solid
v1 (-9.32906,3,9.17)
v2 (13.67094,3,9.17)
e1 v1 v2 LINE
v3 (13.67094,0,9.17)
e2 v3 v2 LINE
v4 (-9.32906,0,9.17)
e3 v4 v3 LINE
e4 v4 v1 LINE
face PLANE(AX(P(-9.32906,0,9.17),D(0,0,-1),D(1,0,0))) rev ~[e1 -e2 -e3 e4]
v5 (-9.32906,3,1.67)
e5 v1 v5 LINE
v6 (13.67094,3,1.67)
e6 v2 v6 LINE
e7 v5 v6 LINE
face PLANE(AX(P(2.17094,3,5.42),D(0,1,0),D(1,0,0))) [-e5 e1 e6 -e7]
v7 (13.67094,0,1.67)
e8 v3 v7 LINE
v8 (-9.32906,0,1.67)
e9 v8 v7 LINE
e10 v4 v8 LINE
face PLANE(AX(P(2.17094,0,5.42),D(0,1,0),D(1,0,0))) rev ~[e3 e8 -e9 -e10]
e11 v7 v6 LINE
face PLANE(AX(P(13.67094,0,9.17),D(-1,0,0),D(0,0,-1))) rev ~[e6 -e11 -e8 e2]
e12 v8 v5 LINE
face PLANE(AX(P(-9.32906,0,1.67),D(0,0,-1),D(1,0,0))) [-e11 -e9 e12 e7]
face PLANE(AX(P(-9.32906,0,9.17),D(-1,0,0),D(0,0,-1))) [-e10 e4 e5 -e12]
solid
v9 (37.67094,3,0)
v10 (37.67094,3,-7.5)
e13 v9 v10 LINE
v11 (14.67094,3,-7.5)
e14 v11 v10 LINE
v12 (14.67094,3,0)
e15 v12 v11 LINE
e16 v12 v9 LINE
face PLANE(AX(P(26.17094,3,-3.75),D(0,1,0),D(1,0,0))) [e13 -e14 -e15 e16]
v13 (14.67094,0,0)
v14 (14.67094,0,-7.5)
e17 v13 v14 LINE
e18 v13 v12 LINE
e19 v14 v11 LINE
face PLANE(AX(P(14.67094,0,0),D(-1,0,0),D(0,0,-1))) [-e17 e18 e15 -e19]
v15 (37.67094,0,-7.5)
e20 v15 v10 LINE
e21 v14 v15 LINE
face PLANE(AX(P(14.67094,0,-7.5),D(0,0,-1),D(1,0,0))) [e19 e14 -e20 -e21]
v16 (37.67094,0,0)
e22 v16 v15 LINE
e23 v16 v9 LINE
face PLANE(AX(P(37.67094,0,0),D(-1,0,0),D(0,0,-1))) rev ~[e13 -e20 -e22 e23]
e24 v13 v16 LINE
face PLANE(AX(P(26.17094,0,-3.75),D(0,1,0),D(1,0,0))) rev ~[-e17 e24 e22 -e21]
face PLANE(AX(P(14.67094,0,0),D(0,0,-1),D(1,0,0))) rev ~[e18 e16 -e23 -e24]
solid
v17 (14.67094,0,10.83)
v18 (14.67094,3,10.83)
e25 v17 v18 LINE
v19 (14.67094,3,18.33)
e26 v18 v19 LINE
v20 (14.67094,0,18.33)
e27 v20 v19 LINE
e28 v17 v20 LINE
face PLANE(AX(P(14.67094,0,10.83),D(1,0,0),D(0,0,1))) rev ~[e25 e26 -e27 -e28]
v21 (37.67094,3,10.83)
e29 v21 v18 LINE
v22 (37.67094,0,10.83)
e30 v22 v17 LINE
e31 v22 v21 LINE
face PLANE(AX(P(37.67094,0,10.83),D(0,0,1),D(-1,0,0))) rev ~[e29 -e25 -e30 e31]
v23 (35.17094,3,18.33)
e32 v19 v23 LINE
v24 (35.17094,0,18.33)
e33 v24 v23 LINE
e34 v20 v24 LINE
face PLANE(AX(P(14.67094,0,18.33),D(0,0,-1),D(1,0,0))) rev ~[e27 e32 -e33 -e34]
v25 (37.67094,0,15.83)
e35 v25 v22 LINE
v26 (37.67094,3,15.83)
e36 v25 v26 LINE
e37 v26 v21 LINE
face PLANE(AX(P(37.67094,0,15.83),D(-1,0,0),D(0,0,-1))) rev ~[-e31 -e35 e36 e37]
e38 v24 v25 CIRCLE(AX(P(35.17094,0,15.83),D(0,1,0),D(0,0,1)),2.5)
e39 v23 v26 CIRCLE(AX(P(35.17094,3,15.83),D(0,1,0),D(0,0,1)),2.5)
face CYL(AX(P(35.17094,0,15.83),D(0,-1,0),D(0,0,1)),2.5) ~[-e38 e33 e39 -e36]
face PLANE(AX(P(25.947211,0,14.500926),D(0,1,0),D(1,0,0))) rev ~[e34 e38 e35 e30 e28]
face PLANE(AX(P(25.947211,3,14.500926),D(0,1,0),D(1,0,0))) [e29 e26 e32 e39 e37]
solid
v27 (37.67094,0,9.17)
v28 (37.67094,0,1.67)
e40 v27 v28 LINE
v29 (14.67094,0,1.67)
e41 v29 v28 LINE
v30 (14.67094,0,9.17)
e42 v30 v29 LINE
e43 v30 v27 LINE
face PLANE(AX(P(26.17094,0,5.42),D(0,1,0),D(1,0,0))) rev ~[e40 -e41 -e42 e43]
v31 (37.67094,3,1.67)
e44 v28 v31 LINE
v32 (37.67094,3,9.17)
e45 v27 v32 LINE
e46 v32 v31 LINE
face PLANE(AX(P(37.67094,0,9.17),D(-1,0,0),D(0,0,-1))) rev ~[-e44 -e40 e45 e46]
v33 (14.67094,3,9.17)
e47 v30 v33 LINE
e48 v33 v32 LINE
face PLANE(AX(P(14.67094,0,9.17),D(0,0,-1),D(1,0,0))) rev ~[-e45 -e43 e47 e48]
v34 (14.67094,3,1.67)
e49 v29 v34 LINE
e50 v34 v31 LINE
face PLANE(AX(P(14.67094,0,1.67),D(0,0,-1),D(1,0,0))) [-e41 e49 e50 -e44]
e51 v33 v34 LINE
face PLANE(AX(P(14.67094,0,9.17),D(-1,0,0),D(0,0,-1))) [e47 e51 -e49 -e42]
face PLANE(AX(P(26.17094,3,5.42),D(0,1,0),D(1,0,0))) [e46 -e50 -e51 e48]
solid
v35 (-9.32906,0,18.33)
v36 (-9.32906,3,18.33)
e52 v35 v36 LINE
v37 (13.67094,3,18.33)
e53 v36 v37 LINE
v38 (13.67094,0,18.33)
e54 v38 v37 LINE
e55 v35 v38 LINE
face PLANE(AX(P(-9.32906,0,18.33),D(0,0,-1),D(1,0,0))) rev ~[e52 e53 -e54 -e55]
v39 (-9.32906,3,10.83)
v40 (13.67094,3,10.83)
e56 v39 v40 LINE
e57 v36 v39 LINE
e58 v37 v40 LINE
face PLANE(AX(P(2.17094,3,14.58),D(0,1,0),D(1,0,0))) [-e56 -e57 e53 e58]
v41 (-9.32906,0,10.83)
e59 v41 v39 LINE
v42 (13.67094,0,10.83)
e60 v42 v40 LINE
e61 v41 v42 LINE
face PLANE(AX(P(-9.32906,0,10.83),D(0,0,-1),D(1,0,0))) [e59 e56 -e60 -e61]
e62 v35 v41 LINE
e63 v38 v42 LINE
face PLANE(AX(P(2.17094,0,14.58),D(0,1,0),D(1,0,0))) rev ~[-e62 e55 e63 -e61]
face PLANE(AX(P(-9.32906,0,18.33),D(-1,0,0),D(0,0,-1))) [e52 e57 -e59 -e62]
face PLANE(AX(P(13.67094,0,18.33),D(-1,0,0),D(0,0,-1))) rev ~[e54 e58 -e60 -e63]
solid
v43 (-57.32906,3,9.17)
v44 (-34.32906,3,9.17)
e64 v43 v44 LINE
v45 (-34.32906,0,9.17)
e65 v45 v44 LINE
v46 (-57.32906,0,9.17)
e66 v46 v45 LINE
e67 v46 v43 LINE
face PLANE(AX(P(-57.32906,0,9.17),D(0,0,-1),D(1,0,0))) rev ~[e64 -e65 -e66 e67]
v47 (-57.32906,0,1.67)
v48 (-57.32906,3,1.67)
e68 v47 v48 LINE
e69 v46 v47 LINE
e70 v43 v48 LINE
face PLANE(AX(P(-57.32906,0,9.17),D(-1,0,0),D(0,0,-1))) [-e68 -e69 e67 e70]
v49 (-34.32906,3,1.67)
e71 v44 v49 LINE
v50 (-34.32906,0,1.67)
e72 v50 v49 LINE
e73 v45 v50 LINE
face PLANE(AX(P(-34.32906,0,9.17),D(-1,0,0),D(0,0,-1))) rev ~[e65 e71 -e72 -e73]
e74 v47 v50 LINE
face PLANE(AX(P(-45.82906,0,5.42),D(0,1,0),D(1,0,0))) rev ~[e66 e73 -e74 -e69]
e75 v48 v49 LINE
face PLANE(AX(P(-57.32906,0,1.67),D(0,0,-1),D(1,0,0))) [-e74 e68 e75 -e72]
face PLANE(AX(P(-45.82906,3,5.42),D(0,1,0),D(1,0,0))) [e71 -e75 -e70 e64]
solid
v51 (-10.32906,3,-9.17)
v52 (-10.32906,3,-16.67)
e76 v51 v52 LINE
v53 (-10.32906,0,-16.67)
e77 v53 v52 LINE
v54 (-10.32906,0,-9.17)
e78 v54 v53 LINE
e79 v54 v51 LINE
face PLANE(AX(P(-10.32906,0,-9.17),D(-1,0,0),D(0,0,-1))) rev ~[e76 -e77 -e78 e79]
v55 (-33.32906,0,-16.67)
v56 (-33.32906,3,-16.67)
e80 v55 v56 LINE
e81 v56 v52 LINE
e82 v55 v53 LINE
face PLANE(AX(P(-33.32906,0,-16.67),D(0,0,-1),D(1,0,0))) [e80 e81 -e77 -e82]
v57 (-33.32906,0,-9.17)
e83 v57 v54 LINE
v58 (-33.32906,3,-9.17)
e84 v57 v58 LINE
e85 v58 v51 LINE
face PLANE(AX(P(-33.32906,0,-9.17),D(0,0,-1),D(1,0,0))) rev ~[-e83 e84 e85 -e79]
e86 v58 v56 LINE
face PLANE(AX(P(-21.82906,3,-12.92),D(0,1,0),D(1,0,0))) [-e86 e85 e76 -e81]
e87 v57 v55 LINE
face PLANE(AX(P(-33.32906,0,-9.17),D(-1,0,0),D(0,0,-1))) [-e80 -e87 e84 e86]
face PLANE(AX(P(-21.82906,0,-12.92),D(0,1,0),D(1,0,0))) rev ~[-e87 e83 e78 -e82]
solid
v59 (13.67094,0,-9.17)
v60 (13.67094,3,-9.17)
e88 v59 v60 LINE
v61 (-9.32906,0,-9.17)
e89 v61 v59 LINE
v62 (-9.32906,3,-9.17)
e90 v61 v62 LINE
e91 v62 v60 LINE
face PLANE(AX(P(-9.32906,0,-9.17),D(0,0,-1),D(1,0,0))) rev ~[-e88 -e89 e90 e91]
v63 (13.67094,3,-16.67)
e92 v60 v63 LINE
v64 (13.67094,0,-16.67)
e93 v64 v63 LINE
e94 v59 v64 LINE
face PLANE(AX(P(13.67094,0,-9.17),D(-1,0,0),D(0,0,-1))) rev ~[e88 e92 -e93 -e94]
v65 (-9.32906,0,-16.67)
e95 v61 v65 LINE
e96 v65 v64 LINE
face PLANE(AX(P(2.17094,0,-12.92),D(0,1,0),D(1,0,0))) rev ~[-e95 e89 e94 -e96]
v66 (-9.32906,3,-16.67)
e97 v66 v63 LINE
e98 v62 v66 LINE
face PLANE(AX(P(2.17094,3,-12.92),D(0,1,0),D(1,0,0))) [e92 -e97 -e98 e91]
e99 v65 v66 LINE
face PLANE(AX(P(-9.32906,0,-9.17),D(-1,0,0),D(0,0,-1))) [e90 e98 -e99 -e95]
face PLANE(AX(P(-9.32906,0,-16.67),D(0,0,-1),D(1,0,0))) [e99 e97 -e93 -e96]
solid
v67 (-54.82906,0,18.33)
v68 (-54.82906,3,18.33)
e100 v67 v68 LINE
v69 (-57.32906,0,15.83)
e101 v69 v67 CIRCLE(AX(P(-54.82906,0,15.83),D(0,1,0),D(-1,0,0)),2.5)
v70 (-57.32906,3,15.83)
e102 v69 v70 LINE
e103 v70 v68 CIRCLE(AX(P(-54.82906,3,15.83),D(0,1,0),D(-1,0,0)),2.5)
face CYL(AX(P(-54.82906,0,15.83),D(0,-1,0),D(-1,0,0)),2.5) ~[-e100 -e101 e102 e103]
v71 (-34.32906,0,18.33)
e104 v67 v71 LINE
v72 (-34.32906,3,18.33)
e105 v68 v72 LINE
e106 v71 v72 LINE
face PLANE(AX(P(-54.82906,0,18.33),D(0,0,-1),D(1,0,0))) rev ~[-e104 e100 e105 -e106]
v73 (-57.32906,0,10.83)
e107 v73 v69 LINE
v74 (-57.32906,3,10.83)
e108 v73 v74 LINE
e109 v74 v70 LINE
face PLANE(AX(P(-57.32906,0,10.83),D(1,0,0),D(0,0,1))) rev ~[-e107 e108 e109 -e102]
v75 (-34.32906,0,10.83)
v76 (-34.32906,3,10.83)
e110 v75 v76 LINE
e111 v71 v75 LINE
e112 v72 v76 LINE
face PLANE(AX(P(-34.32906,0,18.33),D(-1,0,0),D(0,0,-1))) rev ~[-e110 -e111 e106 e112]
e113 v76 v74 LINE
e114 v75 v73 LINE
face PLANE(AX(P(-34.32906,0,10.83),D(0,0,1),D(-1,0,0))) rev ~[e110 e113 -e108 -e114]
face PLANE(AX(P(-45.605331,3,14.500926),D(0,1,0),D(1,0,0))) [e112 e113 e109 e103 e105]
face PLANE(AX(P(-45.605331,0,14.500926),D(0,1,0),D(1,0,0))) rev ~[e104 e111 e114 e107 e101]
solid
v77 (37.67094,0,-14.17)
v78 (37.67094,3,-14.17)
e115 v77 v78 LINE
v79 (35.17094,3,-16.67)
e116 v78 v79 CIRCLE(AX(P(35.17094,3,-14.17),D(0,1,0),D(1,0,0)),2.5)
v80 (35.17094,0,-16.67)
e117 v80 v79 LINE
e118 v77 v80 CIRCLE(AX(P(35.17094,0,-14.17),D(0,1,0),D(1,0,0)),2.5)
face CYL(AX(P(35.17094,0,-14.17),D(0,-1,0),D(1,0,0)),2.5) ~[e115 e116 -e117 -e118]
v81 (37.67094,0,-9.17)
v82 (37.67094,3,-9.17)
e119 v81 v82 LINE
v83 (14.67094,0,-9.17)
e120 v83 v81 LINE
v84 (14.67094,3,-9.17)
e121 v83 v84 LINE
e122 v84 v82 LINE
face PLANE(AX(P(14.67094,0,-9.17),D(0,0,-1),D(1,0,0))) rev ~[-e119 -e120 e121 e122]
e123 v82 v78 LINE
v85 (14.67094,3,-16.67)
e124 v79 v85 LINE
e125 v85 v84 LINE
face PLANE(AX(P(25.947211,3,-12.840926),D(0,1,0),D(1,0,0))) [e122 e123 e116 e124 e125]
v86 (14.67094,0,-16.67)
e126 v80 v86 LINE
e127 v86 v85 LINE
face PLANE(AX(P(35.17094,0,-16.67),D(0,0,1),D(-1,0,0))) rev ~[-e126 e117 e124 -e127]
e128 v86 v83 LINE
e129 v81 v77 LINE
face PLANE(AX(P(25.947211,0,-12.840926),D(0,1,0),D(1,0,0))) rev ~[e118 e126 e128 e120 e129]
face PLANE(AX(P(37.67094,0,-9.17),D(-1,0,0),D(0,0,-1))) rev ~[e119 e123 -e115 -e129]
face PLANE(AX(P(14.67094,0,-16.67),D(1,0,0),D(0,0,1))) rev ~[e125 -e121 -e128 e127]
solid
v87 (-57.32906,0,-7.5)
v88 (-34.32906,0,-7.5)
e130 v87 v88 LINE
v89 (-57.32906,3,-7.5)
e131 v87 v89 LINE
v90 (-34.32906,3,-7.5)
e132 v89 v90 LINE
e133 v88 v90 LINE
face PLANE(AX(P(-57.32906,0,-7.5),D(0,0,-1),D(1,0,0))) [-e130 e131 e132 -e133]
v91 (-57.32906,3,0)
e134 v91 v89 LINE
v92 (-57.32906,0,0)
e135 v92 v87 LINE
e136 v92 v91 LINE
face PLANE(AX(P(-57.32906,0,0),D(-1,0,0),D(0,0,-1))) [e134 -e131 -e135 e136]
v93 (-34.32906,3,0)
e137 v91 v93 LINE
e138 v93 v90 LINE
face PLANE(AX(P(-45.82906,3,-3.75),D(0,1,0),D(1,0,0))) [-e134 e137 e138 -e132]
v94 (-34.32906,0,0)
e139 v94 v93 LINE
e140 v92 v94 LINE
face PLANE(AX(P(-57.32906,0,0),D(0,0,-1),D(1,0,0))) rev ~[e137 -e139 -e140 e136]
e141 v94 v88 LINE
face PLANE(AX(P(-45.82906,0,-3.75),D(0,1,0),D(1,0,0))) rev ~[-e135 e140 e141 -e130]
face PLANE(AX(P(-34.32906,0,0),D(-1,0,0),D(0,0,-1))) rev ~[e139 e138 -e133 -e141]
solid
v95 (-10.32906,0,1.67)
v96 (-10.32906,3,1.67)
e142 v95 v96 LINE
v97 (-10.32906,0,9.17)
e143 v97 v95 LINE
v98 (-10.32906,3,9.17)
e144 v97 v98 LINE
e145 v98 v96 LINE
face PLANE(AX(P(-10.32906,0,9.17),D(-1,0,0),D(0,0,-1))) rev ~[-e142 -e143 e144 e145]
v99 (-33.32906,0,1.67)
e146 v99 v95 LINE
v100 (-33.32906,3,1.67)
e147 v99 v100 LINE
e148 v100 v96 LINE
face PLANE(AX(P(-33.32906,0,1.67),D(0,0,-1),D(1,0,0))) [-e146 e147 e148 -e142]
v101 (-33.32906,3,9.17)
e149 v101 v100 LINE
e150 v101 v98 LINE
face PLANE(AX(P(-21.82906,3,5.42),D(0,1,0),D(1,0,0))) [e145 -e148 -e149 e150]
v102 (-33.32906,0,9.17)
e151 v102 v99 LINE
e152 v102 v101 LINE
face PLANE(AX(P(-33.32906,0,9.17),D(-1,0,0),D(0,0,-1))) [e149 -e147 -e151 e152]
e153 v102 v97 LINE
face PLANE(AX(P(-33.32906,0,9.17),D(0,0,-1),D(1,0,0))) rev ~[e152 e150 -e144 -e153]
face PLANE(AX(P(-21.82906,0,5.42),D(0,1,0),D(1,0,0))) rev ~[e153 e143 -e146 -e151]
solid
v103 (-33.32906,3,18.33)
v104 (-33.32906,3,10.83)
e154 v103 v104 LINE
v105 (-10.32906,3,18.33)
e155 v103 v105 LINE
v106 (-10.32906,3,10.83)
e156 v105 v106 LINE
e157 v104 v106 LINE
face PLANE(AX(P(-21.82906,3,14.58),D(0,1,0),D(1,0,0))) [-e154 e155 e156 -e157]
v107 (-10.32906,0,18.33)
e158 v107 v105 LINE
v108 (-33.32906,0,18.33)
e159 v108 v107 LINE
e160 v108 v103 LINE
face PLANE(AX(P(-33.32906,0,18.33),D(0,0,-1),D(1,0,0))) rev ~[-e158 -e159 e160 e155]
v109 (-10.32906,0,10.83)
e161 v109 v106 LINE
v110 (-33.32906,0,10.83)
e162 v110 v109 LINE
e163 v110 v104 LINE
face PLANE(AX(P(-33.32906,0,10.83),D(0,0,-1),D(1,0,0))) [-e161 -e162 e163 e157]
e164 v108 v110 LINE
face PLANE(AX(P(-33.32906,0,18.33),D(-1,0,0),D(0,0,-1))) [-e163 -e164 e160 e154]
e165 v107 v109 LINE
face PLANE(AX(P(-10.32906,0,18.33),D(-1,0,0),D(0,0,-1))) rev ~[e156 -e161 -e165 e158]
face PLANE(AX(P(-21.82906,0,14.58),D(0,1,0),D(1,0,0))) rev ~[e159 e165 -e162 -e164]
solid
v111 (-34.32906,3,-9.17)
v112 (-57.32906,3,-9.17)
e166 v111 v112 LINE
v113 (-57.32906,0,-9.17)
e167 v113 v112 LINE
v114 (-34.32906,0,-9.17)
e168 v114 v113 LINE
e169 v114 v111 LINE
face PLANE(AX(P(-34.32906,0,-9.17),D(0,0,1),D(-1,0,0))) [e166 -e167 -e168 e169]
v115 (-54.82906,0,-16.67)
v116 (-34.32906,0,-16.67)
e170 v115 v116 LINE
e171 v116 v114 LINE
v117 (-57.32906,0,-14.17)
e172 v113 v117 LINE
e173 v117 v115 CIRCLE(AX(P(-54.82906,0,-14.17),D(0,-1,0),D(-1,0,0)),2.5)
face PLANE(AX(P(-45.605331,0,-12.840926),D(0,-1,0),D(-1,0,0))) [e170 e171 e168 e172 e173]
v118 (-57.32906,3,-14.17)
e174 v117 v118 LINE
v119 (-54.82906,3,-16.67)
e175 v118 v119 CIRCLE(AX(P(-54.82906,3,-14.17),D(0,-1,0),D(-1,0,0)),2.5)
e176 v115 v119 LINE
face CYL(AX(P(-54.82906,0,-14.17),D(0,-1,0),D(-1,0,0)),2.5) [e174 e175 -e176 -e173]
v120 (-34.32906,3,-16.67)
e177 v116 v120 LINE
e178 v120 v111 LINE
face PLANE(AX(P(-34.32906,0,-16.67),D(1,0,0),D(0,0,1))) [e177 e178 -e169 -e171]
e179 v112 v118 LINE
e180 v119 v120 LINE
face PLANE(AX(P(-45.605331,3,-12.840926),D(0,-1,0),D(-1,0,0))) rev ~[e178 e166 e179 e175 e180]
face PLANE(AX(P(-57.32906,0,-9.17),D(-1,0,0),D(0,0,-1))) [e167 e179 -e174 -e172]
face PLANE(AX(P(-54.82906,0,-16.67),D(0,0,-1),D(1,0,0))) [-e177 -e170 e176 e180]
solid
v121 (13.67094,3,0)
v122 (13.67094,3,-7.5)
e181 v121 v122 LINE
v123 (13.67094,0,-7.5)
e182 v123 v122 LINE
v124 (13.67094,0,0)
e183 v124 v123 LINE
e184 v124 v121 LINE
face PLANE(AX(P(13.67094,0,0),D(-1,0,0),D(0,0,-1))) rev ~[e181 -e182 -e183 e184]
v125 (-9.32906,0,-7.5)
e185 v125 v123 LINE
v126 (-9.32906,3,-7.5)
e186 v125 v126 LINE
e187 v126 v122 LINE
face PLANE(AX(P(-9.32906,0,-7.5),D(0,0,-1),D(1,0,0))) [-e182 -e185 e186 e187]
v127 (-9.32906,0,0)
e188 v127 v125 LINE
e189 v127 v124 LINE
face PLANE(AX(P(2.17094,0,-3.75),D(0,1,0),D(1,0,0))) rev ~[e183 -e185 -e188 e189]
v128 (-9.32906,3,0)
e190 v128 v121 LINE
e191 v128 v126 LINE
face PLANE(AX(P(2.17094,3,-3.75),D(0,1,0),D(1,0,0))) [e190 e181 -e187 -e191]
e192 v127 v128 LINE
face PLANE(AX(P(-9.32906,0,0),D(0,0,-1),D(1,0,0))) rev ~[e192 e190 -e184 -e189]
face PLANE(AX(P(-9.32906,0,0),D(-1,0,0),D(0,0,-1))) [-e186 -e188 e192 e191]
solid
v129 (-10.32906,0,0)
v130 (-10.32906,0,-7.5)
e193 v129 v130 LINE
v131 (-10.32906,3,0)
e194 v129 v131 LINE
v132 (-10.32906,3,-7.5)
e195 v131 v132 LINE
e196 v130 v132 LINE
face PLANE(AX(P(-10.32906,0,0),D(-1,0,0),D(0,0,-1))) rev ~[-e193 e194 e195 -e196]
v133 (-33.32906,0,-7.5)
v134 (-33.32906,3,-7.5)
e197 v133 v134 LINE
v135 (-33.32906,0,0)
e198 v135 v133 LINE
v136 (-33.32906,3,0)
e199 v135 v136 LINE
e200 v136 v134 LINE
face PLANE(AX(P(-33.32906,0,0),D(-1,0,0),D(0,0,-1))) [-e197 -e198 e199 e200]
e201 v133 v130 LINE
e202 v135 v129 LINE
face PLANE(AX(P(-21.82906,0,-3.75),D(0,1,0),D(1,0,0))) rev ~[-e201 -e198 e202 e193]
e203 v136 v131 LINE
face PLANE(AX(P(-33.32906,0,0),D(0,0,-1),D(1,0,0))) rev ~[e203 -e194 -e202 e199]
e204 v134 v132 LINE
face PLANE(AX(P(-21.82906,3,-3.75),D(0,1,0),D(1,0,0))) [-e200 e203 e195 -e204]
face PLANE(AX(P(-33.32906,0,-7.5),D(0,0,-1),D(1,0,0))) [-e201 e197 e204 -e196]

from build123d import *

# Parameters (mm, degrees)
BOSS_EXTRUDE1_DEPTH    = 3
SKETCH1_W              = 23
SKETCH1_H              = 7.5
BOSS_EXTRUDE1_2_DEPTH  = 3
BOSS_EXTRUDE1_3_DEPTH  = 3
BOSS_EXTRUDE1_4_DEPTH  = 3
BOSS_EXTRUDE1_5_DEPTH  = 3
BOSS_EXTRUDE1_6_DEPTH  = 3
BOSS_EXTRUDE1_7_DEPTH  = 3
BOSS_EXTRUDE1_8_DEPTH  = 3
BOSS_EXTRUDE1_9_DEPTH  = 3
BOSS_EXTRUDE1_10_DEPTH = 3
BOSS_EXTRUDE1_11_DEPTH = 3
BOSS_EXTRUDE1_12_DEPTH = 3
BOSS_EXTRUDE1_13_DEPTH = 3
BOSS_EXTRUDE1_14_DEPTH = 3
BOSS_EXTRUDE1_15_DEPTH = 3
BOSS_EXTRUDE1_16_DEPTH = 3


with BuildPart() as part:
    # Sketch1 → Boss-Extrude1 (new body)
    with BuildSketch(Plane(origin=(0, 0, 0), x_dir=(1, 0, 0), z_dir=(0, 1, 0))):
        with BuildLine():
            Line((-54.829059829, 16.67), (-34.329059829, 16.67))
            Line((-34.329059829, 16.67), (-34.329059829, 9.17))
            Line((-34.329059829, 9.17), (-57.329059829, 9.17))
            Line((-57.329059829, 9.17), (-57.329059829, 14.17))
            ThreePointArc((-57.329059829, 14.17), (-56.596826782, 15.937766953), (-54.829059829, 16.67))
        make_face()
    extrude(amount=BOSS_EXTRUDE1_DEPTH)


with BuildPart() as body_2:
    # Sketch1 → Boss-Extrude1 2 (new body)
    with BuildSketch(Plane(origin=(0, 0, 0), x_dir=(1, 0, 0), z_dir=(0, 1, 0))):
        with Locations((-45.829059829, 3.75)):
            Rectangle(SKETCH1_W, SKETCH1_H)
    extrude(amount=BOSS_EXTRUDE1_2_DEPTH)


with BuildPart() as body_3:
    # Sketch1 → Boss-Extrude1 3 (new body)
    with BuildSketch(Plane(origin=(0, 0, 0), x_dir=(1, 0, 0), z_dir=(0, 1, 0))):
        with Locations((-45.829059829, -5.42)):
            Rectangle(SKETCH1_W, SKETCH1_H)
    extrude(amount=BOSS_EXTRUDE1_3_DEPTH)


with BuildPart() as body_4:
    # Sketch1 → Boss-Extrude1 4 (new body)
    with BuildSketch(Plane(origin=(0, 0, 0), x_dir=(1, 0, 0), z_dir=(0, 1, 0))):
        with BuildLine():
            Line((-57.329059829, -10.83), (-57.329059829, -15.83))
            ThreePointArc((-57.329059829, -15.83), (-56.596826782, -17.597766953), (-54.829059829, -18.33))
            Line((-54.829059829, -18.33), (-34.329059829, -18.33))
            Line((-34.329059829, -18.33), (-34.329059829, -10.83))
            Line((-34.329059829, -10.83), (-57.329059829, -10.83))
        make_face()
    extrude(amount=BOSS_EXTRUDE1_4_DEPTH)


with BuildPart() as body_5:
    # Sketch1 → Boss-Extrude1 5 (new body)
    with BuildSketch(Plane(origin=(0, 0, 0), x_dir=(1, 0, 0), z_dir=(0, 1, 0))):
        with Locations((-21.829059829, -14.58)):
            Rectangle(SKETCH1_W, SKETCH1_H)
    extrude(amount=BOSS_EXTRUDE1_5_DEPTH)


with BuildPart() as body_6:
    # Sketch1 → Boss-Extrude1 6 (new body)
    with BuildSketch(Plane(origin=(0, 0, 0), x_dir=(1, 0, 0), z_dir=(0, 1, 0))):
        with Locations((-21.829059829, -5.42)):
            Rectangle(SKETCH1_W, SKETCH1_H)
    extrude(amount=BOSS_EXTRUDE1_6_DEPTH)


with BuildPart() as body_7:
    # Sketch1 → Boss-Extrude1 7 (new body)
    with BuildSketch(Plane(origin=(0, 0, 0), x_dir=(1, 0, 0), z_dir=(0, 1, 0))):
        with Locations((-21.829059829, 3.75)):
            Rectangle(SKETCH1_W, SKETCH1_H)
    extrude(amount=BOSS_EXTRUDE1_7_DEPTH)


with BuildPart() as body_8:
    # Sketch1 → Boss-Extrude1 8 (new body)
    with BuildSketch(Plane(origin=(0, 0, 0), x_dir=(1, 0, 0), z_dir=(0, 1, 0))):
        with Locations((-21.829059829, 12.92)):
            Rectangle(SKETCH1_W, SKETCH1_H)
    extrude(amount=BOSS_EXTRUDE1_8_DEPTH)


with BuildPart() as body_9:
    # Sketch1 → Boss-Extrude1 9 (new body)
    with BuildSketch(Plane(origin=(0, 0, 0), x_dir=(1, 0, 0), z_dir=(0, 1, 0))):
        with Locations((2.170940171, 12.92)):
            Rectangle(SKETCH1_W, SKETCH1_H)
    extrude(amount=BOSS_EXTRUDE1_9_DEPTH)


with BuildPart() as body_10:
    # Sketch1 → Boss-Extrude1 10 (new body)
    with BuildSketch(Plane(origin=(0, 0, 0), x_dir=(1, 0, 0), z_dir=(0, 1, 0))):
        with Locations((2.170940171, 3.75)):
            Rectangle(SKETCH1_W, SKETCH1_H)
    extrude(amount=BOSS_EXTRUDE1_10_DEPTH)


with BuildPart() as body_11:
    # Sketch1 → Boss-Extrude1 11 (new body)
    with BuildSketch(Plane(origin=(0, 0, 0), x_dir=(1, 0, 0), z_dir=(0, 1, 0))):
        with Locations((2.170940171, -14.58)):
            Rectangle(SKETCH1_W, SKETCH1_H)
    extrude(amount=BOSS_EXTRUDE1_11_DEPTH)


with BuildPart() as body_12:
    # Sketch1 → Boss-Extrude1 12 (new body)
    with BuildSketch(Plane(origin=(0, 0, 0), x_dir=(1, 0, 0), z_dir=(0, 1, 0))):
        with BuildLine():
            Line((14.670940171, -18.33), (35.170940171, -18.33))
            ThreePointArc((35.170940171, -18.33), (36.938707124, -17.597766953), (37.670940171, -15.83))
            Line((37.670940171, -15.83), (37.670940171, -10.83))
            Line((37.670940171, -10.83), (14.670940171, -10.83))
            Line((14.670940171, -10.83), (14.670940171, -18.33))
        make_face()
    extrude(amount=BOSS_EXTRUDE1_12_DEPTH)


with BuildPart() as body_13:
    # Sketch1 → Boss-Extrude1 13 (new body)
    with BuildSketch(Plane(origin=(0, 0, 0), x_dir=(1, 0, 0), z_dir=(0, 1, 0))):
        with Locations((26.170940171, -5.42)):
            Rectangle(SKETCH1_W, SKETCH1_H)
    extrude(amount=BOSS_EXTRUDE1_13_DEPTH)


with BuildPart() as body_14:
    # Sketch1 → Boss-Extrude1 14 (new body)
    with BuildSketch(Plane(origin=(0, 0, 0), x_dir=(1, 0, 0), z_dir=(0, 1, 0))):
        with Locations((26.170940171, 3.75)):
            Rectangle(SKETCH1_W, SKETCH1_H)
    extrude(amount=BOSS_EXTRUDE1_14_DEPTH)


with BuildPart() as body_15:
    # Sketch1 → Boss-Extrude1 15 (new body)
    with BuildSketch(Plane(origin=(0, 0, 0), x_dir=(1, 0, 0), z_dir=(0, 1, 0))):
        with Locations((2.170940171, -5.42)):
            Rectangle(SKETCH1_W, SKETCH1_H)
    extrude(amount=BOSS_EXTRUDE1_15_DEPTH)


with BuildPart() as body_16:
    # Sketch1 → Boss-Extrude1 16 (new body)
    with BuildSketch(Plane(origin=(0, 0, 0), x_dir=(1, 0, 0), z_dir=(0, 1, 0))):
        with BuildLine():
            Line((14.670940171, 9.17), (37.670940171, 9.17))
            Line((37.670940171, 9.17), (37.670940171, 14.17))
            ThreePointArc((37.670940171, 14.17), (36.938707124, 15.937766953), (35.170940171, 16.67))
            Line((35.170940171, 16.67), (14.670940171, 16.67))
            Line((14.670940171, 16.67), (14.670940171, 9.17))
        make_face()
    extrude(amount=BOSS_EXTRUDE1_16_DEPTH)


solid = Compound([part.part, body_2.part, body_3.part, body_4.part, body_5.part, body_6.part, body_7.part, body_8.part, body_9.part, body_10.part, body_11.part, body_12.part, body_13.part, body_14.part, body_15.part, body_16.part])
